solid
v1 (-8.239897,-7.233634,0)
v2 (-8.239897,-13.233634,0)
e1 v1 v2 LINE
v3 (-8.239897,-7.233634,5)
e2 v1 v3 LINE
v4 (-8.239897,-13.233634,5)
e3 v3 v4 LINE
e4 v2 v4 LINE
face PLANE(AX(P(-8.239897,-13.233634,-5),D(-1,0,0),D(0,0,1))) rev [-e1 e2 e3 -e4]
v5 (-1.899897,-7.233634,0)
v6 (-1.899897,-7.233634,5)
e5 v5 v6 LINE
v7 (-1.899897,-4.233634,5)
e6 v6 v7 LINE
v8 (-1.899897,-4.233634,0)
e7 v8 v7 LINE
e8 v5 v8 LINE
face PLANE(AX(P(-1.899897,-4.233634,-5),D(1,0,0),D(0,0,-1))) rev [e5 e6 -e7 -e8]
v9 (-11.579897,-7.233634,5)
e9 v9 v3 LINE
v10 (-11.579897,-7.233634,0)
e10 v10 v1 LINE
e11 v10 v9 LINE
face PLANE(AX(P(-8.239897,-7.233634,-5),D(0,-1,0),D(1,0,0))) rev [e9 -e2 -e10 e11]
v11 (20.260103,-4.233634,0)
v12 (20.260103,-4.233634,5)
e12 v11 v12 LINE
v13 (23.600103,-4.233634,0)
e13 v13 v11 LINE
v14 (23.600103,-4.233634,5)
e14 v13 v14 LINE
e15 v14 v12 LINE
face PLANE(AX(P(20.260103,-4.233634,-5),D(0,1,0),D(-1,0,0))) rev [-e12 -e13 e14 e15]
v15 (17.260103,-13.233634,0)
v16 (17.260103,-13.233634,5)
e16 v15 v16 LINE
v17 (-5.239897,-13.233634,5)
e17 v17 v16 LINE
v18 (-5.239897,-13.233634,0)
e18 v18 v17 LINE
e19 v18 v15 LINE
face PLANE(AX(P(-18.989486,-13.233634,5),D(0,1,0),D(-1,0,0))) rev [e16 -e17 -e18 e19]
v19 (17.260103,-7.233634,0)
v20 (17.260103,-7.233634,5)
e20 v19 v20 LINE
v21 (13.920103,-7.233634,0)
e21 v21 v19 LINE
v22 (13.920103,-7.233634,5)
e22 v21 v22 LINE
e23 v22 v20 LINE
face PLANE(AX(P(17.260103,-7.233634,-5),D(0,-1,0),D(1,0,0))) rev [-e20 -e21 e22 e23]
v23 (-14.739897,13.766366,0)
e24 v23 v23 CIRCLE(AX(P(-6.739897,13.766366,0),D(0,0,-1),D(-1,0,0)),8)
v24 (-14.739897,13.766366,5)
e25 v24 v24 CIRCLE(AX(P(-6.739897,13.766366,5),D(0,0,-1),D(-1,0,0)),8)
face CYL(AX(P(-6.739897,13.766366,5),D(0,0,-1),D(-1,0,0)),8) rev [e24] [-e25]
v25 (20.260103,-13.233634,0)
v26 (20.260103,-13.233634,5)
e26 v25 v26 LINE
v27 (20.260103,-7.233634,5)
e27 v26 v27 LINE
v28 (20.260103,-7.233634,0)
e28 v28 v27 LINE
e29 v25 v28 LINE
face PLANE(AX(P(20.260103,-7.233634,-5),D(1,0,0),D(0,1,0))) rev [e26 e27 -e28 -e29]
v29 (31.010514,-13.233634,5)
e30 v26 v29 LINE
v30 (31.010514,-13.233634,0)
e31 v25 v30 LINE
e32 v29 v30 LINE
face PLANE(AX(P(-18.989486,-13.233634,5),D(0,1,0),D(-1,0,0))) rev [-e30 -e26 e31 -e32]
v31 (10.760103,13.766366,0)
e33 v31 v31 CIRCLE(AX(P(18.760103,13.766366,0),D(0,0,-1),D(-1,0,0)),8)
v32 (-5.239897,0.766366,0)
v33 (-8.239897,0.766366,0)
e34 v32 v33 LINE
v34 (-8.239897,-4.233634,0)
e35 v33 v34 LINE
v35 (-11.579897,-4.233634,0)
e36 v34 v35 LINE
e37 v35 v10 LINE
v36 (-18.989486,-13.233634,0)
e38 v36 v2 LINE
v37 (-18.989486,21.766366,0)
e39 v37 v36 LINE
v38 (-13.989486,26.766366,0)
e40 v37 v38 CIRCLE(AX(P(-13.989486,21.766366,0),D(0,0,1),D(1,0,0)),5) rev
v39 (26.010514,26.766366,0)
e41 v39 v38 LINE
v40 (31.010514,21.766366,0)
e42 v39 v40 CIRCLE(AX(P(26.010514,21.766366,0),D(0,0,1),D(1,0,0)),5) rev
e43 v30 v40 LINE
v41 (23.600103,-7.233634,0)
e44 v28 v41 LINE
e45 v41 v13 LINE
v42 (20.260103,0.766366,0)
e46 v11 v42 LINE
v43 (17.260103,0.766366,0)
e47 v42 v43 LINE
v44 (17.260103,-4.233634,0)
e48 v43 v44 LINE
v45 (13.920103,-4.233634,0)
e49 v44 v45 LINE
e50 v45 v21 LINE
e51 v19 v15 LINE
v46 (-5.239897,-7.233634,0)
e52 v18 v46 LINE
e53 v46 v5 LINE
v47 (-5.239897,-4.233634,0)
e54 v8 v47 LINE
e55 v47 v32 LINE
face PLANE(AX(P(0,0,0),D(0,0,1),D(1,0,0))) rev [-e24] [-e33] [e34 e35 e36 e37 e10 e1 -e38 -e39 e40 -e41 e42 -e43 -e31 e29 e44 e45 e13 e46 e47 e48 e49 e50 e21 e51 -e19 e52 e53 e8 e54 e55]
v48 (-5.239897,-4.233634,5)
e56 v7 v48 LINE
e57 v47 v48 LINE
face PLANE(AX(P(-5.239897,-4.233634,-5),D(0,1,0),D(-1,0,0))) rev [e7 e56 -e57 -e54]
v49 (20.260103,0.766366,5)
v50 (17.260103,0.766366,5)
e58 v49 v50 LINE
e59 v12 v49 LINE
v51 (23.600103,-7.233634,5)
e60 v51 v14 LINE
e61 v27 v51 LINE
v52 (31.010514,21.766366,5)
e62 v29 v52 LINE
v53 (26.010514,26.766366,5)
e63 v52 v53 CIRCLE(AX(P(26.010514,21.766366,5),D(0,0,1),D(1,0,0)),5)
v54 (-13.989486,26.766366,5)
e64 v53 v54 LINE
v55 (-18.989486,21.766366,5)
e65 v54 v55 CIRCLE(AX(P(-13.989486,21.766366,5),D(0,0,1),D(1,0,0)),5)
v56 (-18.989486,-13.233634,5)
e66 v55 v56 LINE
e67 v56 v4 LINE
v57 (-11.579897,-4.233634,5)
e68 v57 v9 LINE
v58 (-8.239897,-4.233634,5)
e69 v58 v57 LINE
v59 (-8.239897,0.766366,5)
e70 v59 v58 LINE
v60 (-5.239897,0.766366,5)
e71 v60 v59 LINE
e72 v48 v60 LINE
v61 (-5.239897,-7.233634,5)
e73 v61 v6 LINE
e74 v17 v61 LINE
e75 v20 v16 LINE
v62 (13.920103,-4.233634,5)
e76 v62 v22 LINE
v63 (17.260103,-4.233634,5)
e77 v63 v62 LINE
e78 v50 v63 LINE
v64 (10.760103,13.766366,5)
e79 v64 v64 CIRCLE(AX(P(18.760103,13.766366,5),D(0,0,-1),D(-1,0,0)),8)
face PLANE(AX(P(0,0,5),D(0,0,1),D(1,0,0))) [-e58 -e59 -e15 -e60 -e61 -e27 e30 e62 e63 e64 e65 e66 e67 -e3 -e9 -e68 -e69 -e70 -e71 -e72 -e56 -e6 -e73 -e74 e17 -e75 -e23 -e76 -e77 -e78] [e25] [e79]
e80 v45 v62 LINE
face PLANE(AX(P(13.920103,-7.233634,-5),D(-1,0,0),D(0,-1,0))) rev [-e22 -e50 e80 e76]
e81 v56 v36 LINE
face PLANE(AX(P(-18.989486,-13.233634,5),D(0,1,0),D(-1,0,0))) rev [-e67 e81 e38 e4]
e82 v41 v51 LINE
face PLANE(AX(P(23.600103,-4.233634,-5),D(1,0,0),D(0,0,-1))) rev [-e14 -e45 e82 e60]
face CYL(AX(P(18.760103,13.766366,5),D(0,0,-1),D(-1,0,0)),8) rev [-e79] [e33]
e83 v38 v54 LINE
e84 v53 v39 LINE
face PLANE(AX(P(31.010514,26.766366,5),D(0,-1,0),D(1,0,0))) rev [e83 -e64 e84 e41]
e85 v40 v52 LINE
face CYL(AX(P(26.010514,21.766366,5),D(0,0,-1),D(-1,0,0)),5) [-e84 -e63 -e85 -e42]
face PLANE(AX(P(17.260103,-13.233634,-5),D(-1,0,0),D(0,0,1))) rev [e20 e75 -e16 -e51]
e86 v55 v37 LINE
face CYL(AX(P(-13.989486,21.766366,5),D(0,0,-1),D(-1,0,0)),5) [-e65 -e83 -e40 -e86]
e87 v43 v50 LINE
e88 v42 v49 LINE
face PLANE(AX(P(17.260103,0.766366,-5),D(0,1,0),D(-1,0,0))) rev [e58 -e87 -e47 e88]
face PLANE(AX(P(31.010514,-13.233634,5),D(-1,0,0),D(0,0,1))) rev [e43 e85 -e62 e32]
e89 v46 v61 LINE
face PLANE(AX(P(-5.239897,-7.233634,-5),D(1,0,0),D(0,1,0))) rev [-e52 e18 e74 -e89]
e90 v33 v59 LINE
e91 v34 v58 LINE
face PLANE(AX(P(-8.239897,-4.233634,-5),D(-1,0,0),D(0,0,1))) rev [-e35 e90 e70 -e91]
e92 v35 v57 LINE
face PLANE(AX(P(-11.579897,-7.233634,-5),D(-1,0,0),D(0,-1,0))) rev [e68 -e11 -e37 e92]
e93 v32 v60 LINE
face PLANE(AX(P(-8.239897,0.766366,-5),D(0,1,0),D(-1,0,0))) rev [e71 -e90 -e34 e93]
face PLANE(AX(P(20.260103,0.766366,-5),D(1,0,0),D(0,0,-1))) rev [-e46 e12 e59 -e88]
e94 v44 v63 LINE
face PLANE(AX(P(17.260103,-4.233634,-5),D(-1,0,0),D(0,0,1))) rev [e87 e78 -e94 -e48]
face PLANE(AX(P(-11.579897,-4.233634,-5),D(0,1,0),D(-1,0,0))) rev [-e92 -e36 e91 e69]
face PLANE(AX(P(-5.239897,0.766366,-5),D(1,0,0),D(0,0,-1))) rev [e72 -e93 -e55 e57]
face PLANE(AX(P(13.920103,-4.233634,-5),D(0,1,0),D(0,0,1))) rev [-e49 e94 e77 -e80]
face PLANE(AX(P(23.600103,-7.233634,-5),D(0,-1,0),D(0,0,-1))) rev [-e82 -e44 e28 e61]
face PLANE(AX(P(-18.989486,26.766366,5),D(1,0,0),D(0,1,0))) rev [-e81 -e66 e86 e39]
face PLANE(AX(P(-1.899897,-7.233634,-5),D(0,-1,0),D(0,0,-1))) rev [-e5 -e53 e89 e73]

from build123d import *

# Parameters (mm, degrees)
SKETCH1_W           = 50
SKETCH1_H           = 40
BOSS_EXTRUDE1_DEPTH = 5
SKETCH2_R           = 8
CUT_EXTRUDE1_DEPTH  = 5
CUT_EXTRUDE2_DEPTH  = 10
FILLET1_R           = 5
FILLET2_R           = 5


with BuildPart() as part:
    # Sketch1 → Boss-Extrude1 (new body)
    with BuildSketch(Plane.XY):
        with Locations((6.010513563, 6.766366312)):
            Rectangle(SKETCH1_W, SKETCH1_H)
    extrude(amount=BOSS_EXTRUDE1_DEPTH)

    # Sketch2 → Cut-Extrude1 (cut)
    with BuildSketch(Plane(origin=(0, 0, 0), x_dir=(-1, 0, 0), z_dir=(0, 0, -1))):
        with Locations((-18.760103176, 13.766366312)):
            Circle(SKETCH2_R)
        with Locations((6.739896824, 13.766366312)):
            Circle(SKETCH2_R)
    extrude(amount=-CUT_EXTRUDE1_DEPTH, mode=Mode.SUBTRACT)

    # Sketch3 → Cut-Extrude2 (cut)
    with BuildSketch(Plane.XY.offset(5)):
        Polygon((17.260103176, -13.233633688), (20.260103176, -13.233633688), (20.260103176, -7.233633688), (23.600103176, -7.233633688), (23.600103176, -4.233633688), (20.260103176, -4.233633688), (20.260103176, 0.766366312), (17.260103176, 0.766366312), (17.260103176, -4.233633688), (13.920103176, -4.233633688), (13.920103176, -7.233633688), (17.260103176, -7.233633688), align=None)
        Polygon((-8.239896824, -13.233633688), (-5.239896824, -13.233633688), (-5.239896824, -7.233633688), (-1.899896824, -7.233633688), (-1.899896824, -4.233633688), (-5.239896824, -4.233633688), (-5.239896824, 0.766366312), (-8.239896824, 0.766366312), (-8.239896824, -4.233633688), (-11.579896824, -4.233633688), (-11.579896824, -7.233633688), (-8.239896824, -7.233633688), align=None)
    extrude(amount=-CUT_EXTRUDE2_DEPTH, mode=Mode.SUBTRACT)

    # Fillet1
    fillet1_edges = [part.edges().sort_by_distance(p)[0] for p in [
        (-18.989486437, 26.766366312, 2.5),
    ]]
    fillet(fillet1_edges, radius=FILLET1_R)

    # Fillet2
    fillet2_edges = [part.edges().sort_by_distance(p)[0] for p in [
        (31.010513563, 26.766366312, 2.5),
    ]]
    fillet(fillet2_edges, radius=FILLET2_R)


solid = part.part
